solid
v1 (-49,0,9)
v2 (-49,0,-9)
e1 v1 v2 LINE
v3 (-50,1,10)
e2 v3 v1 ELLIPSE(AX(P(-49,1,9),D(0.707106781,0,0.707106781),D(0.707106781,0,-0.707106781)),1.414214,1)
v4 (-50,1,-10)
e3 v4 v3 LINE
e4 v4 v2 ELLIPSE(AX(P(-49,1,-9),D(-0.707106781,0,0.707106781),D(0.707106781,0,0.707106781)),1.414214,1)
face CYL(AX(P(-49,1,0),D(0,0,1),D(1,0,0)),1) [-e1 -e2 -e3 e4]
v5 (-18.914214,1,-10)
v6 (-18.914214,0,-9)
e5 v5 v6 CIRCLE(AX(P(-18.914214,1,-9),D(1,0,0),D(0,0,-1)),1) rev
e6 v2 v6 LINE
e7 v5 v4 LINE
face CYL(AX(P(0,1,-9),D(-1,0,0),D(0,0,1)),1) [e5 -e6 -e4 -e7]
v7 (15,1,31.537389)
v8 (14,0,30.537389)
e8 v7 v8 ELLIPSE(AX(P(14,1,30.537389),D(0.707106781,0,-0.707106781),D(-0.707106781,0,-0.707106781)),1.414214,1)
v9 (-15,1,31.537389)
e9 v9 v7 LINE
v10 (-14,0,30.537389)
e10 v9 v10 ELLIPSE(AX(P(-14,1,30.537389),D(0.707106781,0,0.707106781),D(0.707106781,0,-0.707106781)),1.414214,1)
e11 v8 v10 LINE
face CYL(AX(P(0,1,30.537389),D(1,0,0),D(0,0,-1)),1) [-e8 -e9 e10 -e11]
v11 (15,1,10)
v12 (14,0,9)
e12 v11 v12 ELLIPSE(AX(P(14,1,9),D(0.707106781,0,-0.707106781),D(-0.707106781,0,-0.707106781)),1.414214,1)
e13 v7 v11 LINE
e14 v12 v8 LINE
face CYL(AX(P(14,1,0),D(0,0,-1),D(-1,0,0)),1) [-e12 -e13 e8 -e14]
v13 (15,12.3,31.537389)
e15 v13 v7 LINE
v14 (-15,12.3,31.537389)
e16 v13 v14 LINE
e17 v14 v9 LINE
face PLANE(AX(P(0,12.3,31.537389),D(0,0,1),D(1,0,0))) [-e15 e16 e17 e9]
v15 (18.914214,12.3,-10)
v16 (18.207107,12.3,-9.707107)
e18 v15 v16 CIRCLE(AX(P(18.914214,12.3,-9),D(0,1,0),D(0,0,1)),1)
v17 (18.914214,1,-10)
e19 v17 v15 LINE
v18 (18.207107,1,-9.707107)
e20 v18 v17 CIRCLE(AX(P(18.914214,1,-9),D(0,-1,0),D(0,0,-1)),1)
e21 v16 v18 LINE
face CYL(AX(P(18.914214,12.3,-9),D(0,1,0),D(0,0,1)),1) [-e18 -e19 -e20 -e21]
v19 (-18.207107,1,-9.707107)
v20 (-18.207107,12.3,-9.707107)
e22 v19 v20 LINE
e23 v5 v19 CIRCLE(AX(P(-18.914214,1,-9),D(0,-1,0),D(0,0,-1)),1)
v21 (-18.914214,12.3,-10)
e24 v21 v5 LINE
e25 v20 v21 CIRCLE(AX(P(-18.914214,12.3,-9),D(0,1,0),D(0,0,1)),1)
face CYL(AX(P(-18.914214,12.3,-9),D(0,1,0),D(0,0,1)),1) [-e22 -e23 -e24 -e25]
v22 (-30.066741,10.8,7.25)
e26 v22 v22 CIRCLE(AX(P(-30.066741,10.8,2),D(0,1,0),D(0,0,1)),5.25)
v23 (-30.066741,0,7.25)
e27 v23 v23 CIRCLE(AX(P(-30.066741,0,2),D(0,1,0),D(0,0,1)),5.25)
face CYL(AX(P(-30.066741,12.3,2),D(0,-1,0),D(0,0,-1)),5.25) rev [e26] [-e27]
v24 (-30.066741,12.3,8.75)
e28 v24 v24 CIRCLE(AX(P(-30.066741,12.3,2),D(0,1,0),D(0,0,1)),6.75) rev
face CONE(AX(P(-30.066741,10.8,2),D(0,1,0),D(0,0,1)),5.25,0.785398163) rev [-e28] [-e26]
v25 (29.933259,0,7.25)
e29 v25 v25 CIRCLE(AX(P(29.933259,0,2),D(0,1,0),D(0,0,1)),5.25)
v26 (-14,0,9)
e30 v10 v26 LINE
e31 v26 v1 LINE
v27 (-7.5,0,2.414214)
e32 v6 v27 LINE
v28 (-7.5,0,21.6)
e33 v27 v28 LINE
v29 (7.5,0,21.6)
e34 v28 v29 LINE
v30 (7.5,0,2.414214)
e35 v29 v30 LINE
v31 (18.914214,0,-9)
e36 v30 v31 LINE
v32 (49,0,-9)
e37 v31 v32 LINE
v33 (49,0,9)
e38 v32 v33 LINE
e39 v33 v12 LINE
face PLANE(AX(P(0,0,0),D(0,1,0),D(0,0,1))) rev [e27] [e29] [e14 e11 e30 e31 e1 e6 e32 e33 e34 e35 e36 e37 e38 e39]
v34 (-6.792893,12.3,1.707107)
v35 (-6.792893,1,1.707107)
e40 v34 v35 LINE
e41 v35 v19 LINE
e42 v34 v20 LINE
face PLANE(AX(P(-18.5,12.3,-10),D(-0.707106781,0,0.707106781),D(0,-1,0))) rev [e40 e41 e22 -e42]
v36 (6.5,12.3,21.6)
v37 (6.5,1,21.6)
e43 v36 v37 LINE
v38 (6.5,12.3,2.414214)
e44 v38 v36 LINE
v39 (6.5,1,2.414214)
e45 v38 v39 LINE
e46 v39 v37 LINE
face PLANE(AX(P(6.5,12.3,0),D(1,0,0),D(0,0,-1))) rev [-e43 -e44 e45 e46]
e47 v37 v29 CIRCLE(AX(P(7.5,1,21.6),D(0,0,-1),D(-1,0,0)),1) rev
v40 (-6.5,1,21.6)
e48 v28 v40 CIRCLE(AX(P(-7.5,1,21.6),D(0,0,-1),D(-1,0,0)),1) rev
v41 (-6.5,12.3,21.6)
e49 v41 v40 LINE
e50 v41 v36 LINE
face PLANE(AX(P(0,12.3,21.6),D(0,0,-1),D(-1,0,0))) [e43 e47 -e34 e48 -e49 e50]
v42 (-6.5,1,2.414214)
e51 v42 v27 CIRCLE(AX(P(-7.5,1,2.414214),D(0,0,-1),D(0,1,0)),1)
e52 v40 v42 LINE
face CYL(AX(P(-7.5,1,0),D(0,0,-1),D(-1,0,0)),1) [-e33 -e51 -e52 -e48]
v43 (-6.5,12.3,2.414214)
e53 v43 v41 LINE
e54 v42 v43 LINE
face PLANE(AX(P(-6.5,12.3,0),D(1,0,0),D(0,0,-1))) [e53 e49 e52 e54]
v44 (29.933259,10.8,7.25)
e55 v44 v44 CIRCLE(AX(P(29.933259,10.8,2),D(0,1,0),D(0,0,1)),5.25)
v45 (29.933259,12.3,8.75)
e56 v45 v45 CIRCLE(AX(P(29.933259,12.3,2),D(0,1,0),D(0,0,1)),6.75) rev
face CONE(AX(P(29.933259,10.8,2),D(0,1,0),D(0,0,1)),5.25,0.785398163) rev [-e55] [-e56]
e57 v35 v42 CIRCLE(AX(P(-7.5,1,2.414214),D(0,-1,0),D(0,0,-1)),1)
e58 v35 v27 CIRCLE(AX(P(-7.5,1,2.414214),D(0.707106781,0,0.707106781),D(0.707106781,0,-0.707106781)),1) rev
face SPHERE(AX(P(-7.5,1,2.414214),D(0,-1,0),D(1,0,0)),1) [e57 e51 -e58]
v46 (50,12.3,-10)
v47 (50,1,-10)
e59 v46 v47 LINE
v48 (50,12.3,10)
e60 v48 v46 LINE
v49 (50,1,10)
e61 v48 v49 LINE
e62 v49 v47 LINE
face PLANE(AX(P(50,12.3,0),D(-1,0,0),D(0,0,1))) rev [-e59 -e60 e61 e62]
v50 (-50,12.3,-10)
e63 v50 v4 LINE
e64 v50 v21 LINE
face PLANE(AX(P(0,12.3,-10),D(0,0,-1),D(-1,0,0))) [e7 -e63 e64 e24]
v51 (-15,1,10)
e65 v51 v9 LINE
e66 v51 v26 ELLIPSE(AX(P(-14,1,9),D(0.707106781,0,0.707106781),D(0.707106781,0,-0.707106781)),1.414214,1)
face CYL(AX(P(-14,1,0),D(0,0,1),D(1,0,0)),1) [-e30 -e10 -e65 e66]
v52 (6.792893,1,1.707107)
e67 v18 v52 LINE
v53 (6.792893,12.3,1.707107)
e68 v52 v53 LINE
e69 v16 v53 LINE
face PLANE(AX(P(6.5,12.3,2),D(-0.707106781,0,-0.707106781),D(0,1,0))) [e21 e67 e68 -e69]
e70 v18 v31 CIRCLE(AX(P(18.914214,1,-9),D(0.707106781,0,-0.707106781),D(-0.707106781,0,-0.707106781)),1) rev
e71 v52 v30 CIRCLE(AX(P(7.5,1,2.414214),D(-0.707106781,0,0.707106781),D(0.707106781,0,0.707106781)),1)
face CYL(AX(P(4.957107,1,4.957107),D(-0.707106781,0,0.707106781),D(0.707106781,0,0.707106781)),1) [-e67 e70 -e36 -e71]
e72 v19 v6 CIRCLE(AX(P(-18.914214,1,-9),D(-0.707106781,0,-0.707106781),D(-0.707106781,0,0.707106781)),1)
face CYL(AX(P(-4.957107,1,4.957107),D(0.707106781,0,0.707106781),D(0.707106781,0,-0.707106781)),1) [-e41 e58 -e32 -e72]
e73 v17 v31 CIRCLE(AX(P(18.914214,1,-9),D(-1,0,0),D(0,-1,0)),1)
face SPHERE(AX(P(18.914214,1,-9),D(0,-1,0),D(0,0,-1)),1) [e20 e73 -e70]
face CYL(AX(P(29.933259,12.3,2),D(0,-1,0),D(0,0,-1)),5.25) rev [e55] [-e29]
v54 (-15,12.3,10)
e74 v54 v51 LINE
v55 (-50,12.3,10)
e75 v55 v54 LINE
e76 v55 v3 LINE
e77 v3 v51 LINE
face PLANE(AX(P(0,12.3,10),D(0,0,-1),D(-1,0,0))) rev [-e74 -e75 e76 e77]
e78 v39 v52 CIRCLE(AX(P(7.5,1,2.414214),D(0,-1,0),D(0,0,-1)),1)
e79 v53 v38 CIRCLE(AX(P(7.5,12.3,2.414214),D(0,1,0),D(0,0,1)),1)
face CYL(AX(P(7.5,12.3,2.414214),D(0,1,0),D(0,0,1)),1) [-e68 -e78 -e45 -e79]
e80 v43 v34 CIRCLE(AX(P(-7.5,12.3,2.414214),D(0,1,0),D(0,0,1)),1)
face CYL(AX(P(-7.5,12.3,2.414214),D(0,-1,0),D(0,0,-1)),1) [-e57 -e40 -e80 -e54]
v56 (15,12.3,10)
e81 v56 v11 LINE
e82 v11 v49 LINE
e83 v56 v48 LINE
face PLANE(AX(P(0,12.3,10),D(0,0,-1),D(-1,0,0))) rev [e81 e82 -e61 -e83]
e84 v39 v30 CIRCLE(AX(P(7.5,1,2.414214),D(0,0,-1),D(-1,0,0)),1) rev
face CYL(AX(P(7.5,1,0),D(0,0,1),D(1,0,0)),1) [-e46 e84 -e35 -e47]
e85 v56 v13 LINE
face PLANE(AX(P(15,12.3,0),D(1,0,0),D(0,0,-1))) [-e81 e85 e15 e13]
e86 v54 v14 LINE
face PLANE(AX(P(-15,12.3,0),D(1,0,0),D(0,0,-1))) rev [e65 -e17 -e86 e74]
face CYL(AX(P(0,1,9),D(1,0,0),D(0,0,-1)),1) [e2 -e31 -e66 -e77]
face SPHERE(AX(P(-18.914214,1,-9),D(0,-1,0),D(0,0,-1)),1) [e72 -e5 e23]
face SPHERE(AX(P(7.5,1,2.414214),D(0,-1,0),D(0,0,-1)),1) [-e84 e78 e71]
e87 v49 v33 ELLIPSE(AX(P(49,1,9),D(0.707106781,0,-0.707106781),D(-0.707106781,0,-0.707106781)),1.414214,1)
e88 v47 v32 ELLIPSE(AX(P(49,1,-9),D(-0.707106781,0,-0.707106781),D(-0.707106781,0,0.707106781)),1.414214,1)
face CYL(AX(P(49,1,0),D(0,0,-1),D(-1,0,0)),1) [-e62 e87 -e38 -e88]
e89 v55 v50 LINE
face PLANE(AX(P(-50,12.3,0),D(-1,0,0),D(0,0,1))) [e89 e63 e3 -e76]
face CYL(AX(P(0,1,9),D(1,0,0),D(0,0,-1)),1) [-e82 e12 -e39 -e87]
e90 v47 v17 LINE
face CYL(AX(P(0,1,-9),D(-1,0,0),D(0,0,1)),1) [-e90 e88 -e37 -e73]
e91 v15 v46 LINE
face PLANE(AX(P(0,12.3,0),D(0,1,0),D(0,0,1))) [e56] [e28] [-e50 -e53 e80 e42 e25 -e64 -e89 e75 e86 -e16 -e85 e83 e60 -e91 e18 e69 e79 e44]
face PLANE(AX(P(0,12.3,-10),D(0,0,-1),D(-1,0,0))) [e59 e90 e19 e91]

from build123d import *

# Parameters (mm, degrees)
SKETCH2_R           = 5.25
BOSS_EXTRUDE1_DEPTH = 12.3
CHAMFER1_SIZE       = 1.5
CHAMFER2_SIZE       = 12
FILLET1_R           = 1


with BuildPart() as part:
    # Sketch2 → Boss-Extrude1 (new body)
    with BuildSketch(Plane(origin=(0, 0, 0), x_dir=(1, 0, 0), z_dir=(0, 1, 0))):
        Polygon((-50, 10), (-50, -10), (-15, -10), (-6.5, -10), (-6.5, 10), align=None)
        with Locations((-30.066740906, -2)):
            Circle(SKETCH2_R, mode=Mode.SUBTRACT)
        Polygon((-6.5, -10), (-15, -10), (-15, -31.53738907), (15, -31.53738907), (15, -10), (6.5, -10), (6.5, -21.6), (-6.5, -21.6), align=None)
        Polygon((6.5, 10), (6.5, -10), (15, -10), (50, -10), (50, 10), align=None)
        with Locations((29.933259094, -2)):
            Circle(SKETCH2_R, mode=Mode.SUBTRACT)
    extrude(amount=BOSS_EXTRUDE1_DEPTH)

    # Chamfer1
    chamfer1_edges = [part.edges().sort_by_distance(p)[0] for p in [
        (-35.316740906, 12.3, 2),
        (24.683259094, 12.3, 2),
    ]]
    chamfer(chamfer1_edges, length=CHAMFER1_SIZE)

    # Chamfer2
    chamfer2_edges = [part.edges().sort_by_distance(p)[0] for p in [
        (6.5, 6.15, -10),
        (-6.5, 6.15, -10),
    ]]
    chamfer(chamfer2_edges, length=CHAMFER2_SIZE)

    # Fillet1
    fillet1_edges = [part.edges().sort_by_distance(p)[0] for p in [
        (50, 0, 0),
        (32.5, 0, 10),
        (15, 0, 20.768694535),
        (0, 0, 31.53738907),
        (-15, 0, 20.768694535),
        (-32.5, 0, 10),
        (-50, 0, 0),
        (-34.25, 0, -10),
        (-18.5, 6.15, -10),
        (-6.5, 0, 11.8),
        (6.5, 0, 11.8),
        (34.25, 0, -10),
        (12.5, 0, -4),
        (-12.5, 0, -4),
        (-6.5, 6.15, 2),
        (6.5, 6.15, 2),
        (18.5, 6.15, -10),
    ]]
    fillet(fillet1_edges, radius=FILLET1_R)


solid = part.part
